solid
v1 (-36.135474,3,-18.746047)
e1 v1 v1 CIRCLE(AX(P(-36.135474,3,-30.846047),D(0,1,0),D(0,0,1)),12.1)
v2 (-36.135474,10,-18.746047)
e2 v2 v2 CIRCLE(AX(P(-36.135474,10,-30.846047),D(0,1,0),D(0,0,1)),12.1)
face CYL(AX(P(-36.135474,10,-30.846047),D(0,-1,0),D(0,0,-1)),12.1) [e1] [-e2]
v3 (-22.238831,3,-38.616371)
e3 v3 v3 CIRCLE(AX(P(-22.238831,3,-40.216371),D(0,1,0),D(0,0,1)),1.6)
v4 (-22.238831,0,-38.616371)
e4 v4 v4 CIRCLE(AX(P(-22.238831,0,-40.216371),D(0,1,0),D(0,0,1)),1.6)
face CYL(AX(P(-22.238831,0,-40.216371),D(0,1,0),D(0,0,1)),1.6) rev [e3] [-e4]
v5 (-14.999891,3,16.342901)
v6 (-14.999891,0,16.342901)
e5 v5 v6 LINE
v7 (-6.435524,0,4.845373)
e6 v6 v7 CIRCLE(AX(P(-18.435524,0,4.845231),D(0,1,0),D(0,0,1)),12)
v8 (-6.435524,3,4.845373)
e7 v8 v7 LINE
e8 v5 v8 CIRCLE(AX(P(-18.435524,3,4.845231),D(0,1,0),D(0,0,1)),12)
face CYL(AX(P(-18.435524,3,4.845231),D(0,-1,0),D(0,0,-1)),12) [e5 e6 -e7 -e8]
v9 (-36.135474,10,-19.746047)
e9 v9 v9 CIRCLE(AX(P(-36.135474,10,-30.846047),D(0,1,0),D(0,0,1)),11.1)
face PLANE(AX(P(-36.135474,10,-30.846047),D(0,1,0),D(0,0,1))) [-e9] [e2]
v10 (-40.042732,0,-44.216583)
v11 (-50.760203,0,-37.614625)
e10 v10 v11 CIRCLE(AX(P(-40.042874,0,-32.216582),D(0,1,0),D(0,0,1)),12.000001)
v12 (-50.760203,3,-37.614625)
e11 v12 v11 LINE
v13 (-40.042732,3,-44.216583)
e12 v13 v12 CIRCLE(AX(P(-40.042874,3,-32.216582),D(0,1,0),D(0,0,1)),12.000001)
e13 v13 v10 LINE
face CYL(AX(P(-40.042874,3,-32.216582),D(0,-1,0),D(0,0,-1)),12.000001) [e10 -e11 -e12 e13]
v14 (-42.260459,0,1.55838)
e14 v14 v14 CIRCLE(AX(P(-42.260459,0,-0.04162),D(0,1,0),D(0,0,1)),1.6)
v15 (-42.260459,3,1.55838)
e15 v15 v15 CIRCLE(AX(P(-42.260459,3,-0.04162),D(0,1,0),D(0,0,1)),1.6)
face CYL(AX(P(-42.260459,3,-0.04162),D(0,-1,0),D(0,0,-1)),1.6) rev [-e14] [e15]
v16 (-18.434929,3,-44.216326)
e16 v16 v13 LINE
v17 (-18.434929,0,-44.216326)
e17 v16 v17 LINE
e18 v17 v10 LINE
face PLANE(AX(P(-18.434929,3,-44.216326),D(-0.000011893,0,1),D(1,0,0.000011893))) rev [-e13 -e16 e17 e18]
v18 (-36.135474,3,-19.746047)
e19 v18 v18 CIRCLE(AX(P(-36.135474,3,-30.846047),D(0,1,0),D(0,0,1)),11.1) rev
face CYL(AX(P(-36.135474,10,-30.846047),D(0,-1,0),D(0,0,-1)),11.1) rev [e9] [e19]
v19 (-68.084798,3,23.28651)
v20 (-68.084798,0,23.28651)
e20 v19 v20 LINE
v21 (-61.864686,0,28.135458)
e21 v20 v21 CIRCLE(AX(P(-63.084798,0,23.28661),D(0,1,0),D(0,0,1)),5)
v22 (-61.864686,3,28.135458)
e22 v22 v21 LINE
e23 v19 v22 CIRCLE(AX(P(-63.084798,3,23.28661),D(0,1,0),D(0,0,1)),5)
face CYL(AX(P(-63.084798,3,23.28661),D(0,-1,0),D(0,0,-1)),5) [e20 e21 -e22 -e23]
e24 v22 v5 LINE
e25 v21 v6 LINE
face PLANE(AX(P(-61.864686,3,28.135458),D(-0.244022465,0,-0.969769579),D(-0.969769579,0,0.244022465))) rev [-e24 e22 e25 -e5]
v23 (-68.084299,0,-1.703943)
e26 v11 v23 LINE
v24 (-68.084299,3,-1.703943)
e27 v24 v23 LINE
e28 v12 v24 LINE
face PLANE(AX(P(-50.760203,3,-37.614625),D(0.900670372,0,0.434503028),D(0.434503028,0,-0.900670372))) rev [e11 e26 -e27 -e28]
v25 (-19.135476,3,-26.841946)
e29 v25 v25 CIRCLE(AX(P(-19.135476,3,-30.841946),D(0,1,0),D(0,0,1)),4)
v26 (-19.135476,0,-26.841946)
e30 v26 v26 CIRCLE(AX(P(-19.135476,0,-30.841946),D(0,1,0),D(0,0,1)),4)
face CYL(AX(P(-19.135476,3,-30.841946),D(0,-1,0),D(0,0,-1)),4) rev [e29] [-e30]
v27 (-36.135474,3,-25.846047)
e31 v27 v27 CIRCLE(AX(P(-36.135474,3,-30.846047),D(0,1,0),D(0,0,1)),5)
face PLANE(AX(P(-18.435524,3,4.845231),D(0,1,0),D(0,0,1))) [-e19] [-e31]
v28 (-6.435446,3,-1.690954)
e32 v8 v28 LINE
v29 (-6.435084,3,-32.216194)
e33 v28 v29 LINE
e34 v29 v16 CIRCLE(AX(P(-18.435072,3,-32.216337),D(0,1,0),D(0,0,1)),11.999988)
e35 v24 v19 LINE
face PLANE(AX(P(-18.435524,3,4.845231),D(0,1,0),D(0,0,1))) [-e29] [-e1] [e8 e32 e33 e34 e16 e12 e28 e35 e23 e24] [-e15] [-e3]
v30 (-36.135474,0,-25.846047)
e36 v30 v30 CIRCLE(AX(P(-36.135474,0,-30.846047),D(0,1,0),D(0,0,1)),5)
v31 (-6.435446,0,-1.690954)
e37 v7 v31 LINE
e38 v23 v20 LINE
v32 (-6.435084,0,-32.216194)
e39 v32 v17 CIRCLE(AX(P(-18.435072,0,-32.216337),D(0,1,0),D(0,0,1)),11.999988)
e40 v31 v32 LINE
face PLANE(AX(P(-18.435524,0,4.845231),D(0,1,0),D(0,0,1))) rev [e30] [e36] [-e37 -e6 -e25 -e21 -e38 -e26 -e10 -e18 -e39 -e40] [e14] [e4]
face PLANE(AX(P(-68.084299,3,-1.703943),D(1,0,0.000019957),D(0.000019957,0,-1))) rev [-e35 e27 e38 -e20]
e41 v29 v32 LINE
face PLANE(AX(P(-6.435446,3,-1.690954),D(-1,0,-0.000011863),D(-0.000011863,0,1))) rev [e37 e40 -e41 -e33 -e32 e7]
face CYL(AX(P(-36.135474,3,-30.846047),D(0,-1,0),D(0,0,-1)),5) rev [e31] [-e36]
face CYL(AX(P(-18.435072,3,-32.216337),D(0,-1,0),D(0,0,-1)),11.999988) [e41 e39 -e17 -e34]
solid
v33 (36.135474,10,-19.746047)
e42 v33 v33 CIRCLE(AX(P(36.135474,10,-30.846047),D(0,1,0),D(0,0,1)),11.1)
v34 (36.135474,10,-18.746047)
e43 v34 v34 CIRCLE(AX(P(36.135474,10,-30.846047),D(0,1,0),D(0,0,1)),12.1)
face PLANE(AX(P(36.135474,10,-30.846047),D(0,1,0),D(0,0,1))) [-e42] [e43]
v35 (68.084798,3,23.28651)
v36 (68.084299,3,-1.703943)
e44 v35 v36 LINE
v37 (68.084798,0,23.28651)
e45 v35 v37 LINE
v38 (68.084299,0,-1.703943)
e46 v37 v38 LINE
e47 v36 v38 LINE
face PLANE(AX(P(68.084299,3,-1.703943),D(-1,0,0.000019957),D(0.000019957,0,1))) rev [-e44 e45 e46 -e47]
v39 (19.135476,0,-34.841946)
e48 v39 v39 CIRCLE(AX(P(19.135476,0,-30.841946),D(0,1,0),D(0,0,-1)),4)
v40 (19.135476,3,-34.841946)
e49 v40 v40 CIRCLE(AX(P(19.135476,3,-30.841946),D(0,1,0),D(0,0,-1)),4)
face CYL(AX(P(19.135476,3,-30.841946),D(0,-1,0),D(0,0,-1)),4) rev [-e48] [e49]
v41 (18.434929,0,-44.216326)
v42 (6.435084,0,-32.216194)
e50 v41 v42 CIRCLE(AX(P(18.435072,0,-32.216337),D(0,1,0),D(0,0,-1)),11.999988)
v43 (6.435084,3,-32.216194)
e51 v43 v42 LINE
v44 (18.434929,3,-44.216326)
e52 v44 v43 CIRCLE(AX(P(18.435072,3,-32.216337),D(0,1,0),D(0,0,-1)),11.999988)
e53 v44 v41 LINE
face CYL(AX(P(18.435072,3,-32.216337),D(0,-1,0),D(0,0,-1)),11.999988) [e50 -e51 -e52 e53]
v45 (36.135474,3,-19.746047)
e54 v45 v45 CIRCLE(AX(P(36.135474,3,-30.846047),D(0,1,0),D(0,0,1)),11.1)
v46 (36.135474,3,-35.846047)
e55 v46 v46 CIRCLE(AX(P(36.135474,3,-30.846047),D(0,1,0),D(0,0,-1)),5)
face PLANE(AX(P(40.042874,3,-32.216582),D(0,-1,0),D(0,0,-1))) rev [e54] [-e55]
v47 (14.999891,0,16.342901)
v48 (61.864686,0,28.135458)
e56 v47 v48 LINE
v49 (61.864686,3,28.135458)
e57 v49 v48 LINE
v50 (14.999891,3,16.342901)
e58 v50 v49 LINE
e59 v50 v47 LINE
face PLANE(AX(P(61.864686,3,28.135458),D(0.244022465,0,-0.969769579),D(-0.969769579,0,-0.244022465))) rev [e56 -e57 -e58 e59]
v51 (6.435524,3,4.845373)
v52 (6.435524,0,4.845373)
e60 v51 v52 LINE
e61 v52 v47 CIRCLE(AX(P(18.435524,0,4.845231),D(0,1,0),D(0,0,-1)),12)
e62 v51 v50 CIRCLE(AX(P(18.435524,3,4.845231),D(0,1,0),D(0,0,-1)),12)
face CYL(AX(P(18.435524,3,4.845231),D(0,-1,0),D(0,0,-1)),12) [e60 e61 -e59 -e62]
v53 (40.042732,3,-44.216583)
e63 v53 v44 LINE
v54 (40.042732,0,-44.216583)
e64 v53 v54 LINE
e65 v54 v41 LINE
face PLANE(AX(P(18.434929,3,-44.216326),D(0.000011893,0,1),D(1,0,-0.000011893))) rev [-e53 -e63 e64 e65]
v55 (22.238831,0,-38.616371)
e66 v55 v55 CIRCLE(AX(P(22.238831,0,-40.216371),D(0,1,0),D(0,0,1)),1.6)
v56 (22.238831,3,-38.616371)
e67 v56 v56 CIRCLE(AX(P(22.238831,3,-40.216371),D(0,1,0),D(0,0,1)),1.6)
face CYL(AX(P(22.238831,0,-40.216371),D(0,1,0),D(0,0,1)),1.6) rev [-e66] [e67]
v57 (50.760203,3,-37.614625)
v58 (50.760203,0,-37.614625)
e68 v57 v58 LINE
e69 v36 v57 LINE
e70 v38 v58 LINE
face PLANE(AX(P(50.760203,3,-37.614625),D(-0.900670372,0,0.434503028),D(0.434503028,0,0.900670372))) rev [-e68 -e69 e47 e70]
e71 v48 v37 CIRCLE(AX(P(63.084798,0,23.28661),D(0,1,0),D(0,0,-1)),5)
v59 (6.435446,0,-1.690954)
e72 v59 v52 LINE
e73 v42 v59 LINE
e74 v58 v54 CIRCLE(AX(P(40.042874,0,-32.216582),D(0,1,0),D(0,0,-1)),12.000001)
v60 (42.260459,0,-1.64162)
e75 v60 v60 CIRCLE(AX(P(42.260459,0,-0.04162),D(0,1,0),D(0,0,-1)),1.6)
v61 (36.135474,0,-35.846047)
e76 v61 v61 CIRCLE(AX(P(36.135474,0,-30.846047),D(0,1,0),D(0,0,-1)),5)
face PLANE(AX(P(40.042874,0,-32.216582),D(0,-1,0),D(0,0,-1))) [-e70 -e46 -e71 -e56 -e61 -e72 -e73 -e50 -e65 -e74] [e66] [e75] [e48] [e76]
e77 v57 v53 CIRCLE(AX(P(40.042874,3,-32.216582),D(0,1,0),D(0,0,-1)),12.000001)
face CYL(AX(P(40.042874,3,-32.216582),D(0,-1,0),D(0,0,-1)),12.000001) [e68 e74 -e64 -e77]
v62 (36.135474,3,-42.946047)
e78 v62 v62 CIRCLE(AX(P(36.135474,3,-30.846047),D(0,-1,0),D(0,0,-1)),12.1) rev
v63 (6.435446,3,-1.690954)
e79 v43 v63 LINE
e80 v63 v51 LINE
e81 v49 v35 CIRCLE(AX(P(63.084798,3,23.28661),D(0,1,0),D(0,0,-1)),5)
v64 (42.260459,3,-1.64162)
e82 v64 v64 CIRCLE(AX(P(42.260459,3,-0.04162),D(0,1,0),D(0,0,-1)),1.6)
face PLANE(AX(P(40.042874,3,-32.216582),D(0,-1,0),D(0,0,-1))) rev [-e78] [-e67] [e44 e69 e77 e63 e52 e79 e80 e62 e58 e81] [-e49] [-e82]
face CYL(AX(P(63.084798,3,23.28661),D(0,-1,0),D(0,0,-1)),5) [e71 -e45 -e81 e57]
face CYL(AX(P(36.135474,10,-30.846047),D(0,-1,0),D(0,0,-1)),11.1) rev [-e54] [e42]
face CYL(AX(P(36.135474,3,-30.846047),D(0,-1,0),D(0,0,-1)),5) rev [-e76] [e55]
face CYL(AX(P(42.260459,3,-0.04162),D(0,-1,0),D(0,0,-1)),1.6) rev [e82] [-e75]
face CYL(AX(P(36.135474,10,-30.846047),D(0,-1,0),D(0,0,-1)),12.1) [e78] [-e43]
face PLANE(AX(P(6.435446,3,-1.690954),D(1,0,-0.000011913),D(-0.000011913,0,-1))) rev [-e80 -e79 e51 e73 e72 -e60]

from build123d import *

# Parameters (mm, degrees)
IZIM1_R                       = 5
IZIM1_R_2                     = 4
IZIM1_R_3                     = 1.6
Y_KSEKLIK_EKSTR_ZYON2_DEPTH   = 3
Y_KSEKLIK_EKSTR_ZYON2_2_DEPTH = 3
IZIM2_R                       = 12.1
IZIM2_R_2                     = 11.1
Y_KSEKLIK_EKSTR_ZYON3_DEPTH   = 7
IZIM3_R                       = 12.1
IZIM3_R_2                     = 11.1
Y_KSEKLIK_EKSTR_ZYON4_DEPTH   = 7
IZIM4_R                       = 1.6
KES_EKSTR_ZYON1_DEPTH         = 82.484022533
IZIM5_R                       = 1.6
KES_EKSTR_ZYON2_DEPTH         = 82.484022533


with BuildPart() as part:
    # Çizim1 → Yükseklik-Ekstrüzyon2 (new body)
    with BuildSketch(Plane(origin=(0, 0, 0), x_dir=(1, 0, 0), z_dir=(0, 1, 0))):
        with BuildLine():
            Line((-68.084299237, 1.703943313), (-68.084797964, -23.286509948))
            ThreePointArc((-68.084797964, -23.286509948), (-66.158876869, -27.229963494), (-61.864685641, -28.135457628))
            Line((-61.864685641, -28.135457628), (-14.999890892, -16.342900955))
            ThreePointArc((-14.999890892, -16.342900955), (-8.811960476, -12.013704596), (-6.435524315, -4.845373191))
            Line((-6.435524315, -4.845373191), (-6.435446445, 1.690953534))
            Line((-6.435446445, 1.690953534), (-6.435084331, 32.216193937))
            ThreePointArc((-6.435084331, 32.216193937), (-9.949698317, 40.70150849), (-18.434929196, 44.216326031))
            Line((-18.434929196, 44.216326031), (-40.042731838, 44.216583023))
            ThreePointArc((-40.042731838, 44.216583023), (-46.336600031, 42.43367707), (-50.760203342, 37.61462486))
            Line((-50.760203342, 37.61462486), (-68.084299237, 1.703943313))
        make_face()
        with Locations(Location((-36.135474475, 30.846047168, 0), (0, 0, 270))):
            Circle(IZIM1_R, mode=Mode.SUBTRACT)
        with Locations(Location((-19.13547597, 30.841945567, 0), (0, 0, 270))):
            Circle(IZIM1_R_2, mode=Mode.SUBTRACT)
        with Locations(Location((-42.260458863, 0.041620293, 0), (0, 0, 270))):
            Circle(IZIM1_R_3, mode=Mode.SUBTRACT)
    extrude(amount=Y_KSEKLIK_EKSTR_ZYON2_DEPTH)

    # Çizim2 → Yükseklik-Ekstrüzyon3 (add)
    with BuildSketch(Plane(origin=(0, 3, 0), x_dir=(1, 0, 0), z_dir=(0, 1, 0))):
        with Locations(Location((-36.135474475, 30.846047168, 0), (0, 0, 270))):
            Circle(IZIM2_R)
        with Locations(Location((-36.135474475, 30.846047168, 0), (0, 0, 270))):
            Circle(IZIM2_R_2, mode=Mode.SUBTRACT)
    extrude(amount=Y_KSEKLIK_EKSTR_ZYON3_DEPTH)

    # Çizim4 → Kes-Ekstrüzyon1 (cut, through all)
    with BuildSketch(Plane(origin=(0, 3, 0), x_dir=(1, 0, 0), z_dir=(0, 1, 0))):
        with Locations(Location((-22.238830517, 40.216371272, 0), (0, 0, 270))):
            Circle(IZIM4_R)
    extrude(amount=-KES_EKSTR_ZYON1_DEPTH, mode=Mode.SUBTRACT)


with BuildPart() as body_2:
    # Çizim1 → Y_kseklik-Ekstr_zyon2 2 (new body)
    with BuildSketch(Plane(origin=(0, 0, 0), x_dir=(1, 0, 0), z_dir=(0, 1, 0))):
        with BuildLine():
            Line((50.760203342, 37.61462486), (68.084299237, 1.703943313))
            Line((68.084299237, 1.703943313), (68.084797964, -23.286509948))
            ThreePointArc((68.084797964, -23.286509948), (66.158876869, -27.229963494), (61.864685641, -28.135457628))
            Line((61.864685641, -28.135457628), (14.999890892, -16.342900955))
            ThreePointArc((14.999890892, -16.342900955), (8.811960476, -12.013704596), (6.435524315, -4.845373191))
            Line((6.435524315, -4.845373191), (6.435446445, 1.690953534))
            Line((6.435446445, 1.690953534), (6.435084331, 32.216193937))
            ThreePointArc((6.435084331, 32.216193937), (9.949698317, 40.70150849), (18.434929196, 44.216326031))
            Line((18.434929196, 44.216326031), (40.042731838, 44.216583023))
            ThreePointArc((40.042731838, 44.216583023), (46.336600031, 42.43367707), (50.760203342, 37.61462486))
        make_face()
        with Locations(Location((42.260458863, 0.041620293, 0), (0, 0, 90))):
            Circle(IZIM1_R_3, mode=Mode.SUBTRACT)
        with Locations(Location((19.13547597, 30.841945567, 0), (0, 0, 90))):
            Circle(IZIM1_R_2, mode=Mode.SUBTRACT)
        with Locations(Location((36.135474475, 30.846047168, 0), (0, 0, 90))):
            Circle(IZIM1_R, mode=Mode.SUBTRACT)
    extrude(amount=Y_KSEKLIK_EKSTR_ZYON2_2_DEPTH)

    # Çizim3 → Yükseklik-Ekstrüzyon4 (add)
    with BuildSketch(Plane(origin=(0, 3, 0), x_dir=(1, 0, 0), z_dir=(0, 1, 0))):
        with Locations(Location((36.135474475, 30.846047168, 0), (0, 0, 90))):
            Circle(IZIM3_R)
        with Locations(Location((36.135474475, 30.846047168, 0), (0, 0, 270))):
            Circle(IZIM3_R_2, mode=Mode.SUBTRACT)
    extrude(amount=Y_KSEKLIK_EKSTR_ZYON4_DEPTH)

    # Çizim5 → Kes-Ekstrüzyon2 (cut, through all)
    with BuildSketch(Plane(origin=(0, 3, 0), x_dir=(1, 0, 0), z_dir=(0, 1, 0))):
        with Locations(Location((22.238830517, 40.216371272, 0), (0, 0, 270))):
            Circle(IZIM5_R)
    extrude(amount=-KES_EKSTR_ZYON2_DEPTH, mode=Mode.SUBTRACT)


solid = Compound([part.part, body_2.part])
